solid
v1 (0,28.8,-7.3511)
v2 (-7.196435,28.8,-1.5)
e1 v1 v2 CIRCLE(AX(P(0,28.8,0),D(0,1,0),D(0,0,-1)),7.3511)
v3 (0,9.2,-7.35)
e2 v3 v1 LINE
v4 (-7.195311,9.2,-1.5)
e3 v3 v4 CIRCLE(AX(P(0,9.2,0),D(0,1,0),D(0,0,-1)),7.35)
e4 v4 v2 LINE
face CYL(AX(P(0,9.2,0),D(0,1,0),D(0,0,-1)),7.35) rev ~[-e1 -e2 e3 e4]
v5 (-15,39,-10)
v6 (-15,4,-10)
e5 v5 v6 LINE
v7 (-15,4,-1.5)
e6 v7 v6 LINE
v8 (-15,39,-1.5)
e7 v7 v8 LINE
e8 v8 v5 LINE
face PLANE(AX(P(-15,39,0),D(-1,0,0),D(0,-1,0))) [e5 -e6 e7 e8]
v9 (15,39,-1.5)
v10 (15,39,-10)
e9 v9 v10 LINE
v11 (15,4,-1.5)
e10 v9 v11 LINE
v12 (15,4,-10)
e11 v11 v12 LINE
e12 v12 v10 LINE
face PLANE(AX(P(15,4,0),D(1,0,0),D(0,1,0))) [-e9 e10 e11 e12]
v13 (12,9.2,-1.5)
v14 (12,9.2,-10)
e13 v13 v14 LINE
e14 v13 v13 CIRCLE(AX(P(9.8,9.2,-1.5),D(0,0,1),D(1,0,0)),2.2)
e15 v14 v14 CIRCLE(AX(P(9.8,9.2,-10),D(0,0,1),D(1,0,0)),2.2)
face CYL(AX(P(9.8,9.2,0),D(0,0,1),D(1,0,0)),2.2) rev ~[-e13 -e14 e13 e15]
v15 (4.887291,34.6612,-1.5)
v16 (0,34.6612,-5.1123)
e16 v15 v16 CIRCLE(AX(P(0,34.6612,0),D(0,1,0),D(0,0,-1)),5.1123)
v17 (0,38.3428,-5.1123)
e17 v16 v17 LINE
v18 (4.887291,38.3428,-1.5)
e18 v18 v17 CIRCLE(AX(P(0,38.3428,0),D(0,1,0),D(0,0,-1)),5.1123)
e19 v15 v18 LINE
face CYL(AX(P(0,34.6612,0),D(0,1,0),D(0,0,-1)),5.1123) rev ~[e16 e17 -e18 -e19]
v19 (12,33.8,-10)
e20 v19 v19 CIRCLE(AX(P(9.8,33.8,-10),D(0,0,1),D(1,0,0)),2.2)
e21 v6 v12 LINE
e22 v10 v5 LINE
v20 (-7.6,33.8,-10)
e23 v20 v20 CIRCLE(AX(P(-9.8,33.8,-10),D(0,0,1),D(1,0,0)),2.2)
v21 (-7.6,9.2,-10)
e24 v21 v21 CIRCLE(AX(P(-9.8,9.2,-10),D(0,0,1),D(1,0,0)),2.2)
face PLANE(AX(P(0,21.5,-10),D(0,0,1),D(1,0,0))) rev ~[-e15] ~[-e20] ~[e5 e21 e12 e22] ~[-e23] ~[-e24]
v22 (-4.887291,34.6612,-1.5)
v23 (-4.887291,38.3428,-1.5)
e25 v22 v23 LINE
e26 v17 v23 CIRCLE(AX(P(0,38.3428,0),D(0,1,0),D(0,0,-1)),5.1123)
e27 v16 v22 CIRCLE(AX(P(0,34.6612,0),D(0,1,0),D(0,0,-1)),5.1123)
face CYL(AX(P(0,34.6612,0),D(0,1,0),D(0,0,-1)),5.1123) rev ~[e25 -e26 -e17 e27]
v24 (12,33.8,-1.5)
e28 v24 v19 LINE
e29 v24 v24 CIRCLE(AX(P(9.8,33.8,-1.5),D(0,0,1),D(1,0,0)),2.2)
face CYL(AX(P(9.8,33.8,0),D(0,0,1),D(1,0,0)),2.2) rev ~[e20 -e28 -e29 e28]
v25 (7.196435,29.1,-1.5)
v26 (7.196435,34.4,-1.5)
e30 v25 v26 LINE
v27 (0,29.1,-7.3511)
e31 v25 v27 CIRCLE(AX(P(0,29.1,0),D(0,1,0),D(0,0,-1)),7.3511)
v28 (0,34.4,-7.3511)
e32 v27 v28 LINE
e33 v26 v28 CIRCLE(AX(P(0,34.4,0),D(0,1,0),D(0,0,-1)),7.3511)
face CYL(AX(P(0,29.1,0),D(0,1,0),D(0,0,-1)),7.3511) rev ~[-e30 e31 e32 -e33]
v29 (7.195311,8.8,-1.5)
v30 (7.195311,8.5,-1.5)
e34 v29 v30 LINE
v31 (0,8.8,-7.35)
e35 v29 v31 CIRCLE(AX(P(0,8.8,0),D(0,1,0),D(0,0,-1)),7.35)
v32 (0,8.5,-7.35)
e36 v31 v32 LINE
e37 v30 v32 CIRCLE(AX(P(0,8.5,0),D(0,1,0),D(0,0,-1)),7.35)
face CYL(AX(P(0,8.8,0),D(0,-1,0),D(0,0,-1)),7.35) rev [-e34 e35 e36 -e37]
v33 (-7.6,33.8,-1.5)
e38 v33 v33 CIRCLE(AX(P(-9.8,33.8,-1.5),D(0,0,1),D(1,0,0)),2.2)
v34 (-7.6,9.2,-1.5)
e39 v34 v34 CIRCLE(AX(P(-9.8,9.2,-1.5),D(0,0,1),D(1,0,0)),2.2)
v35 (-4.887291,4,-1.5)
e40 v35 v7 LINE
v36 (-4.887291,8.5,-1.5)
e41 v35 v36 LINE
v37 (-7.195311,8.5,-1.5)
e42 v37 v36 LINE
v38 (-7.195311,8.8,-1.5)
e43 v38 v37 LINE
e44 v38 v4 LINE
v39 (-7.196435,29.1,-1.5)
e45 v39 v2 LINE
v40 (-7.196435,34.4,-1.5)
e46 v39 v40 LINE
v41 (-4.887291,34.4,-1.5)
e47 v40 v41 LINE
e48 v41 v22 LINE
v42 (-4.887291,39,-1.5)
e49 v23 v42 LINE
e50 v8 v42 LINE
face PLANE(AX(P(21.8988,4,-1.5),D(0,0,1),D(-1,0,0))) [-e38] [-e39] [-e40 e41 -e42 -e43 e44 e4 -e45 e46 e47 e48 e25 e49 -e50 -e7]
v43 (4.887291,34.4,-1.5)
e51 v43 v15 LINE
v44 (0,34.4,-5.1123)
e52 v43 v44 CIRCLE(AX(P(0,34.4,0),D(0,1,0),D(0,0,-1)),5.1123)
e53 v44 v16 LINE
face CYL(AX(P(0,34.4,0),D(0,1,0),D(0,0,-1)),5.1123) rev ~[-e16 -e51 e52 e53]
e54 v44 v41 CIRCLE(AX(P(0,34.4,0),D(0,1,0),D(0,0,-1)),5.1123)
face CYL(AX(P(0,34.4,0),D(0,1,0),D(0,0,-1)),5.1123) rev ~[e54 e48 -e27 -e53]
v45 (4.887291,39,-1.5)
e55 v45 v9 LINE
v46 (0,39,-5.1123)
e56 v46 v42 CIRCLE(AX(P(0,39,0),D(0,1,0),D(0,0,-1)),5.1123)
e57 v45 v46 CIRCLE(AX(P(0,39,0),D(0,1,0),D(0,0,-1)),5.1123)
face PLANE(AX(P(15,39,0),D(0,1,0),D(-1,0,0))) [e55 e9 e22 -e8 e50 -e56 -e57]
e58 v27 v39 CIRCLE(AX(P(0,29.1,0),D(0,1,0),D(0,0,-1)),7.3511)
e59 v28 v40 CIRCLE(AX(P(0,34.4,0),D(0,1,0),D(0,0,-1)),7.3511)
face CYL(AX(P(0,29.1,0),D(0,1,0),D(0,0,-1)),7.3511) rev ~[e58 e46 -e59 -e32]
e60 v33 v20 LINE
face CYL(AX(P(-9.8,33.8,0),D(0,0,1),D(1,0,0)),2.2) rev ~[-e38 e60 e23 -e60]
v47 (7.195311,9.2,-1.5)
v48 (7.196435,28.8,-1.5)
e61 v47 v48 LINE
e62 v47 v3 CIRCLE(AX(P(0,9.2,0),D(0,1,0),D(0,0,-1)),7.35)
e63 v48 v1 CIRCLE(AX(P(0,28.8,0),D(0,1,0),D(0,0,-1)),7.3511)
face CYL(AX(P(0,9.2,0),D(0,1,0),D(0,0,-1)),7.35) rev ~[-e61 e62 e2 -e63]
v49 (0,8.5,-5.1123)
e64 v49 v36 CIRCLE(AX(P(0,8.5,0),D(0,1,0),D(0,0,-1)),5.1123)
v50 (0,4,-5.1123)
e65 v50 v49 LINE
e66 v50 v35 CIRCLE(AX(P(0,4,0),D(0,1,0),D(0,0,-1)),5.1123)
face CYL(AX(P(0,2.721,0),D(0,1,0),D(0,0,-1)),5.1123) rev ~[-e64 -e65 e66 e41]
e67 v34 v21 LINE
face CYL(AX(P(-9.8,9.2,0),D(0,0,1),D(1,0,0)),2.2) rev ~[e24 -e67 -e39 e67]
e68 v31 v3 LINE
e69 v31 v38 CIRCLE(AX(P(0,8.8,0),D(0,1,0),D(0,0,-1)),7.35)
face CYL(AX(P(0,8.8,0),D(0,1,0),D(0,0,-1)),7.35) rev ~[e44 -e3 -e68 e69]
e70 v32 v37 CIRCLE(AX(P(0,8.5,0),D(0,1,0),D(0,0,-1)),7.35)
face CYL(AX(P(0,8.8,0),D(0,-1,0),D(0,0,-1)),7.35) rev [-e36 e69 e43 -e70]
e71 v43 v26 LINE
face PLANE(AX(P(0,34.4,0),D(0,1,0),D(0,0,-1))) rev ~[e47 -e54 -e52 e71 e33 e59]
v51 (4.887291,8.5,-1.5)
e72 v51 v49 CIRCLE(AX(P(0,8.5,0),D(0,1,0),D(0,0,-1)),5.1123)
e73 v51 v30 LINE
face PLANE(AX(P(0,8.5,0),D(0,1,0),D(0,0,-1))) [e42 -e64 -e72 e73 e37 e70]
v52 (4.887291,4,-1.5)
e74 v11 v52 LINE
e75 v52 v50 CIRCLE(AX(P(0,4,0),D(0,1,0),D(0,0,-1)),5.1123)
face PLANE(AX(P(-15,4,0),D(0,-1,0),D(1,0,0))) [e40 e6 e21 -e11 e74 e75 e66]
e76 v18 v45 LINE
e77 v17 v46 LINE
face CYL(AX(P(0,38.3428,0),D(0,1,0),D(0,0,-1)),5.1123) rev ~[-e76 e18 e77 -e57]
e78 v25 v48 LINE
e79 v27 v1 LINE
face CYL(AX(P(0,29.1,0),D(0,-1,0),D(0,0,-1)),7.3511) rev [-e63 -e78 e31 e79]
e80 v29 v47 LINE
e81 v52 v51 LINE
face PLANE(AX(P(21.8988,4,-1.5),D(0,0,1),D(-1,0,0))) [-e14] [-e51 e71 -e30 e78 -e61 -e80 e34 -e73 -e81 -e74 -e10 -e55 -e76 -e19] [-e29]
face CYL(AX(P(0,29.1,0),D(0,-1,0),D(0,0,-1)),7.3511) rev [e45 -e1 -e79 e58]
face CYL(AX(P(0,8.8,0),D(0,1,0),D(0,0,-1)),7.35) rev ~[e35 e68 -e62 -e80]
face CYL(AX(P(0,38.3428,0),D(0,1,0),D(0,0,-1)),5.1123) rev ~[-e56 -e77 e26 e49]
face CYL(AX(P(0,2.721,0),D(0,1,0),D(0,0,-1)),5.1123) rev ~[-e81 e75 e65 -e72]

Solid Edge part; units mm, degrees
sketch "Sketch1" plane through (0, 0, 0) normal (0, 0, 1) x (1, 0, 0)
  circle A0 centre (-9.8, 33.8) radius 2.2
  circle A1 centre (-9.8, 9.2) radius 2.2
  circle A2 centre (9.8, 9.2) radius 2.2
  circle A3 centre (9.8, 33.8) radius 2.2
  line L0 (-15, 4) -> (15, 4)
  line L1 (15, 4) -> (15, 39)
  line L2 (15, 39) -> (-15, 39)
  line L3 (-15, 39) -> (-15, 4)
  dimension "D1" = 35
  dimension "D2" = 30
  dimension "D3" = 15
  dimension "D4" = 3
  dimension "D5" = 4.4
  dimension "D6" = 3
  dimension "D7" = 3
  dimension "D8" = 21.8
  dimension "D9" = 3
extrude "Protrusion1" add sketch "Sketch1" against normal blind 10
sketch "Sketch2" plane through (0, 0, 0) normal (1, 0, 0) x (0, 1, 0)
  line L0 (8.8, -7.35) -> (8.5, -7.35)
  line L1 (8.5, -7.35) -> (8.5, -5.1123)
  line L2 (2.721, -5.1123) -> (8.5, -5.1123)
  line L3 (2.721, -5.1123) -> (-1.0103, -5.1123)
  line L4 (-1.0103, -5.1123) -> (-1.0103, -3.9681)
  line L5 (-1.0103, -2.774) -> (-1.0103, -3.9681)
  line L6 (-12.5526, -2.774) -> (-1.0103, -2.774)
  line L7 (-12.5526, 0) -> (-12.5526, -2.774)
  line L8 (39.4373, 0) -> (-12.5526, 0)
  line L9 (39.4373, -5.1123) -> (39.4373, 0)
  line L10 (38.3428, -5.1123) -> (39.4373, -5.1123)
  line L11 (34.6612, -5.1123) -> (38.3428, -5.1123)
  line L12 (34.4, -5.1123) -> (34.6612, -5.1123)
  line L13 (34.4, -7.3511) -> (34.4, -5.1123)
  line L14 (29.1, -7.3511) -> (34.4, -7.3511)
  line L15 (29.1, -7.3511) -> (28.8, -7.3511)
  line L16 (9.2, -7.35) -> (28.8, -7.3511)
  line L17 (8.8023, -7.35) -> (9.2, -7.35)
  dimension "D1" = 0.3
  dimension "D2" = 0.3
  dimension "D3" = 7.3511
  dimension "D4" = 0.3
revolve "RevolvedCutout1" cut sketch "Sketch2" angle 360 about axis through (0, -60, 0) along (0, 1, 0)
sketch "Sketch3" plane through (0, 4, -5) normal (0, -1, 0) x (1, 0, 0)
  line L0 (-23.1839, 5) -> (21.8988, 5)
  line L1 (21.8988, 5) -> (21.8988, 3.5)
  line L2 (21.8988, 3.5) -> (-23.1839, 3.5)
  line L3 (-23.1839, 3.5) -> (-23.1839, 5)
  dimension "D1" = 1.5
extrude "ExtrudedCutout_2" cut sketch "Sketch3" against normal blind 318.8634
